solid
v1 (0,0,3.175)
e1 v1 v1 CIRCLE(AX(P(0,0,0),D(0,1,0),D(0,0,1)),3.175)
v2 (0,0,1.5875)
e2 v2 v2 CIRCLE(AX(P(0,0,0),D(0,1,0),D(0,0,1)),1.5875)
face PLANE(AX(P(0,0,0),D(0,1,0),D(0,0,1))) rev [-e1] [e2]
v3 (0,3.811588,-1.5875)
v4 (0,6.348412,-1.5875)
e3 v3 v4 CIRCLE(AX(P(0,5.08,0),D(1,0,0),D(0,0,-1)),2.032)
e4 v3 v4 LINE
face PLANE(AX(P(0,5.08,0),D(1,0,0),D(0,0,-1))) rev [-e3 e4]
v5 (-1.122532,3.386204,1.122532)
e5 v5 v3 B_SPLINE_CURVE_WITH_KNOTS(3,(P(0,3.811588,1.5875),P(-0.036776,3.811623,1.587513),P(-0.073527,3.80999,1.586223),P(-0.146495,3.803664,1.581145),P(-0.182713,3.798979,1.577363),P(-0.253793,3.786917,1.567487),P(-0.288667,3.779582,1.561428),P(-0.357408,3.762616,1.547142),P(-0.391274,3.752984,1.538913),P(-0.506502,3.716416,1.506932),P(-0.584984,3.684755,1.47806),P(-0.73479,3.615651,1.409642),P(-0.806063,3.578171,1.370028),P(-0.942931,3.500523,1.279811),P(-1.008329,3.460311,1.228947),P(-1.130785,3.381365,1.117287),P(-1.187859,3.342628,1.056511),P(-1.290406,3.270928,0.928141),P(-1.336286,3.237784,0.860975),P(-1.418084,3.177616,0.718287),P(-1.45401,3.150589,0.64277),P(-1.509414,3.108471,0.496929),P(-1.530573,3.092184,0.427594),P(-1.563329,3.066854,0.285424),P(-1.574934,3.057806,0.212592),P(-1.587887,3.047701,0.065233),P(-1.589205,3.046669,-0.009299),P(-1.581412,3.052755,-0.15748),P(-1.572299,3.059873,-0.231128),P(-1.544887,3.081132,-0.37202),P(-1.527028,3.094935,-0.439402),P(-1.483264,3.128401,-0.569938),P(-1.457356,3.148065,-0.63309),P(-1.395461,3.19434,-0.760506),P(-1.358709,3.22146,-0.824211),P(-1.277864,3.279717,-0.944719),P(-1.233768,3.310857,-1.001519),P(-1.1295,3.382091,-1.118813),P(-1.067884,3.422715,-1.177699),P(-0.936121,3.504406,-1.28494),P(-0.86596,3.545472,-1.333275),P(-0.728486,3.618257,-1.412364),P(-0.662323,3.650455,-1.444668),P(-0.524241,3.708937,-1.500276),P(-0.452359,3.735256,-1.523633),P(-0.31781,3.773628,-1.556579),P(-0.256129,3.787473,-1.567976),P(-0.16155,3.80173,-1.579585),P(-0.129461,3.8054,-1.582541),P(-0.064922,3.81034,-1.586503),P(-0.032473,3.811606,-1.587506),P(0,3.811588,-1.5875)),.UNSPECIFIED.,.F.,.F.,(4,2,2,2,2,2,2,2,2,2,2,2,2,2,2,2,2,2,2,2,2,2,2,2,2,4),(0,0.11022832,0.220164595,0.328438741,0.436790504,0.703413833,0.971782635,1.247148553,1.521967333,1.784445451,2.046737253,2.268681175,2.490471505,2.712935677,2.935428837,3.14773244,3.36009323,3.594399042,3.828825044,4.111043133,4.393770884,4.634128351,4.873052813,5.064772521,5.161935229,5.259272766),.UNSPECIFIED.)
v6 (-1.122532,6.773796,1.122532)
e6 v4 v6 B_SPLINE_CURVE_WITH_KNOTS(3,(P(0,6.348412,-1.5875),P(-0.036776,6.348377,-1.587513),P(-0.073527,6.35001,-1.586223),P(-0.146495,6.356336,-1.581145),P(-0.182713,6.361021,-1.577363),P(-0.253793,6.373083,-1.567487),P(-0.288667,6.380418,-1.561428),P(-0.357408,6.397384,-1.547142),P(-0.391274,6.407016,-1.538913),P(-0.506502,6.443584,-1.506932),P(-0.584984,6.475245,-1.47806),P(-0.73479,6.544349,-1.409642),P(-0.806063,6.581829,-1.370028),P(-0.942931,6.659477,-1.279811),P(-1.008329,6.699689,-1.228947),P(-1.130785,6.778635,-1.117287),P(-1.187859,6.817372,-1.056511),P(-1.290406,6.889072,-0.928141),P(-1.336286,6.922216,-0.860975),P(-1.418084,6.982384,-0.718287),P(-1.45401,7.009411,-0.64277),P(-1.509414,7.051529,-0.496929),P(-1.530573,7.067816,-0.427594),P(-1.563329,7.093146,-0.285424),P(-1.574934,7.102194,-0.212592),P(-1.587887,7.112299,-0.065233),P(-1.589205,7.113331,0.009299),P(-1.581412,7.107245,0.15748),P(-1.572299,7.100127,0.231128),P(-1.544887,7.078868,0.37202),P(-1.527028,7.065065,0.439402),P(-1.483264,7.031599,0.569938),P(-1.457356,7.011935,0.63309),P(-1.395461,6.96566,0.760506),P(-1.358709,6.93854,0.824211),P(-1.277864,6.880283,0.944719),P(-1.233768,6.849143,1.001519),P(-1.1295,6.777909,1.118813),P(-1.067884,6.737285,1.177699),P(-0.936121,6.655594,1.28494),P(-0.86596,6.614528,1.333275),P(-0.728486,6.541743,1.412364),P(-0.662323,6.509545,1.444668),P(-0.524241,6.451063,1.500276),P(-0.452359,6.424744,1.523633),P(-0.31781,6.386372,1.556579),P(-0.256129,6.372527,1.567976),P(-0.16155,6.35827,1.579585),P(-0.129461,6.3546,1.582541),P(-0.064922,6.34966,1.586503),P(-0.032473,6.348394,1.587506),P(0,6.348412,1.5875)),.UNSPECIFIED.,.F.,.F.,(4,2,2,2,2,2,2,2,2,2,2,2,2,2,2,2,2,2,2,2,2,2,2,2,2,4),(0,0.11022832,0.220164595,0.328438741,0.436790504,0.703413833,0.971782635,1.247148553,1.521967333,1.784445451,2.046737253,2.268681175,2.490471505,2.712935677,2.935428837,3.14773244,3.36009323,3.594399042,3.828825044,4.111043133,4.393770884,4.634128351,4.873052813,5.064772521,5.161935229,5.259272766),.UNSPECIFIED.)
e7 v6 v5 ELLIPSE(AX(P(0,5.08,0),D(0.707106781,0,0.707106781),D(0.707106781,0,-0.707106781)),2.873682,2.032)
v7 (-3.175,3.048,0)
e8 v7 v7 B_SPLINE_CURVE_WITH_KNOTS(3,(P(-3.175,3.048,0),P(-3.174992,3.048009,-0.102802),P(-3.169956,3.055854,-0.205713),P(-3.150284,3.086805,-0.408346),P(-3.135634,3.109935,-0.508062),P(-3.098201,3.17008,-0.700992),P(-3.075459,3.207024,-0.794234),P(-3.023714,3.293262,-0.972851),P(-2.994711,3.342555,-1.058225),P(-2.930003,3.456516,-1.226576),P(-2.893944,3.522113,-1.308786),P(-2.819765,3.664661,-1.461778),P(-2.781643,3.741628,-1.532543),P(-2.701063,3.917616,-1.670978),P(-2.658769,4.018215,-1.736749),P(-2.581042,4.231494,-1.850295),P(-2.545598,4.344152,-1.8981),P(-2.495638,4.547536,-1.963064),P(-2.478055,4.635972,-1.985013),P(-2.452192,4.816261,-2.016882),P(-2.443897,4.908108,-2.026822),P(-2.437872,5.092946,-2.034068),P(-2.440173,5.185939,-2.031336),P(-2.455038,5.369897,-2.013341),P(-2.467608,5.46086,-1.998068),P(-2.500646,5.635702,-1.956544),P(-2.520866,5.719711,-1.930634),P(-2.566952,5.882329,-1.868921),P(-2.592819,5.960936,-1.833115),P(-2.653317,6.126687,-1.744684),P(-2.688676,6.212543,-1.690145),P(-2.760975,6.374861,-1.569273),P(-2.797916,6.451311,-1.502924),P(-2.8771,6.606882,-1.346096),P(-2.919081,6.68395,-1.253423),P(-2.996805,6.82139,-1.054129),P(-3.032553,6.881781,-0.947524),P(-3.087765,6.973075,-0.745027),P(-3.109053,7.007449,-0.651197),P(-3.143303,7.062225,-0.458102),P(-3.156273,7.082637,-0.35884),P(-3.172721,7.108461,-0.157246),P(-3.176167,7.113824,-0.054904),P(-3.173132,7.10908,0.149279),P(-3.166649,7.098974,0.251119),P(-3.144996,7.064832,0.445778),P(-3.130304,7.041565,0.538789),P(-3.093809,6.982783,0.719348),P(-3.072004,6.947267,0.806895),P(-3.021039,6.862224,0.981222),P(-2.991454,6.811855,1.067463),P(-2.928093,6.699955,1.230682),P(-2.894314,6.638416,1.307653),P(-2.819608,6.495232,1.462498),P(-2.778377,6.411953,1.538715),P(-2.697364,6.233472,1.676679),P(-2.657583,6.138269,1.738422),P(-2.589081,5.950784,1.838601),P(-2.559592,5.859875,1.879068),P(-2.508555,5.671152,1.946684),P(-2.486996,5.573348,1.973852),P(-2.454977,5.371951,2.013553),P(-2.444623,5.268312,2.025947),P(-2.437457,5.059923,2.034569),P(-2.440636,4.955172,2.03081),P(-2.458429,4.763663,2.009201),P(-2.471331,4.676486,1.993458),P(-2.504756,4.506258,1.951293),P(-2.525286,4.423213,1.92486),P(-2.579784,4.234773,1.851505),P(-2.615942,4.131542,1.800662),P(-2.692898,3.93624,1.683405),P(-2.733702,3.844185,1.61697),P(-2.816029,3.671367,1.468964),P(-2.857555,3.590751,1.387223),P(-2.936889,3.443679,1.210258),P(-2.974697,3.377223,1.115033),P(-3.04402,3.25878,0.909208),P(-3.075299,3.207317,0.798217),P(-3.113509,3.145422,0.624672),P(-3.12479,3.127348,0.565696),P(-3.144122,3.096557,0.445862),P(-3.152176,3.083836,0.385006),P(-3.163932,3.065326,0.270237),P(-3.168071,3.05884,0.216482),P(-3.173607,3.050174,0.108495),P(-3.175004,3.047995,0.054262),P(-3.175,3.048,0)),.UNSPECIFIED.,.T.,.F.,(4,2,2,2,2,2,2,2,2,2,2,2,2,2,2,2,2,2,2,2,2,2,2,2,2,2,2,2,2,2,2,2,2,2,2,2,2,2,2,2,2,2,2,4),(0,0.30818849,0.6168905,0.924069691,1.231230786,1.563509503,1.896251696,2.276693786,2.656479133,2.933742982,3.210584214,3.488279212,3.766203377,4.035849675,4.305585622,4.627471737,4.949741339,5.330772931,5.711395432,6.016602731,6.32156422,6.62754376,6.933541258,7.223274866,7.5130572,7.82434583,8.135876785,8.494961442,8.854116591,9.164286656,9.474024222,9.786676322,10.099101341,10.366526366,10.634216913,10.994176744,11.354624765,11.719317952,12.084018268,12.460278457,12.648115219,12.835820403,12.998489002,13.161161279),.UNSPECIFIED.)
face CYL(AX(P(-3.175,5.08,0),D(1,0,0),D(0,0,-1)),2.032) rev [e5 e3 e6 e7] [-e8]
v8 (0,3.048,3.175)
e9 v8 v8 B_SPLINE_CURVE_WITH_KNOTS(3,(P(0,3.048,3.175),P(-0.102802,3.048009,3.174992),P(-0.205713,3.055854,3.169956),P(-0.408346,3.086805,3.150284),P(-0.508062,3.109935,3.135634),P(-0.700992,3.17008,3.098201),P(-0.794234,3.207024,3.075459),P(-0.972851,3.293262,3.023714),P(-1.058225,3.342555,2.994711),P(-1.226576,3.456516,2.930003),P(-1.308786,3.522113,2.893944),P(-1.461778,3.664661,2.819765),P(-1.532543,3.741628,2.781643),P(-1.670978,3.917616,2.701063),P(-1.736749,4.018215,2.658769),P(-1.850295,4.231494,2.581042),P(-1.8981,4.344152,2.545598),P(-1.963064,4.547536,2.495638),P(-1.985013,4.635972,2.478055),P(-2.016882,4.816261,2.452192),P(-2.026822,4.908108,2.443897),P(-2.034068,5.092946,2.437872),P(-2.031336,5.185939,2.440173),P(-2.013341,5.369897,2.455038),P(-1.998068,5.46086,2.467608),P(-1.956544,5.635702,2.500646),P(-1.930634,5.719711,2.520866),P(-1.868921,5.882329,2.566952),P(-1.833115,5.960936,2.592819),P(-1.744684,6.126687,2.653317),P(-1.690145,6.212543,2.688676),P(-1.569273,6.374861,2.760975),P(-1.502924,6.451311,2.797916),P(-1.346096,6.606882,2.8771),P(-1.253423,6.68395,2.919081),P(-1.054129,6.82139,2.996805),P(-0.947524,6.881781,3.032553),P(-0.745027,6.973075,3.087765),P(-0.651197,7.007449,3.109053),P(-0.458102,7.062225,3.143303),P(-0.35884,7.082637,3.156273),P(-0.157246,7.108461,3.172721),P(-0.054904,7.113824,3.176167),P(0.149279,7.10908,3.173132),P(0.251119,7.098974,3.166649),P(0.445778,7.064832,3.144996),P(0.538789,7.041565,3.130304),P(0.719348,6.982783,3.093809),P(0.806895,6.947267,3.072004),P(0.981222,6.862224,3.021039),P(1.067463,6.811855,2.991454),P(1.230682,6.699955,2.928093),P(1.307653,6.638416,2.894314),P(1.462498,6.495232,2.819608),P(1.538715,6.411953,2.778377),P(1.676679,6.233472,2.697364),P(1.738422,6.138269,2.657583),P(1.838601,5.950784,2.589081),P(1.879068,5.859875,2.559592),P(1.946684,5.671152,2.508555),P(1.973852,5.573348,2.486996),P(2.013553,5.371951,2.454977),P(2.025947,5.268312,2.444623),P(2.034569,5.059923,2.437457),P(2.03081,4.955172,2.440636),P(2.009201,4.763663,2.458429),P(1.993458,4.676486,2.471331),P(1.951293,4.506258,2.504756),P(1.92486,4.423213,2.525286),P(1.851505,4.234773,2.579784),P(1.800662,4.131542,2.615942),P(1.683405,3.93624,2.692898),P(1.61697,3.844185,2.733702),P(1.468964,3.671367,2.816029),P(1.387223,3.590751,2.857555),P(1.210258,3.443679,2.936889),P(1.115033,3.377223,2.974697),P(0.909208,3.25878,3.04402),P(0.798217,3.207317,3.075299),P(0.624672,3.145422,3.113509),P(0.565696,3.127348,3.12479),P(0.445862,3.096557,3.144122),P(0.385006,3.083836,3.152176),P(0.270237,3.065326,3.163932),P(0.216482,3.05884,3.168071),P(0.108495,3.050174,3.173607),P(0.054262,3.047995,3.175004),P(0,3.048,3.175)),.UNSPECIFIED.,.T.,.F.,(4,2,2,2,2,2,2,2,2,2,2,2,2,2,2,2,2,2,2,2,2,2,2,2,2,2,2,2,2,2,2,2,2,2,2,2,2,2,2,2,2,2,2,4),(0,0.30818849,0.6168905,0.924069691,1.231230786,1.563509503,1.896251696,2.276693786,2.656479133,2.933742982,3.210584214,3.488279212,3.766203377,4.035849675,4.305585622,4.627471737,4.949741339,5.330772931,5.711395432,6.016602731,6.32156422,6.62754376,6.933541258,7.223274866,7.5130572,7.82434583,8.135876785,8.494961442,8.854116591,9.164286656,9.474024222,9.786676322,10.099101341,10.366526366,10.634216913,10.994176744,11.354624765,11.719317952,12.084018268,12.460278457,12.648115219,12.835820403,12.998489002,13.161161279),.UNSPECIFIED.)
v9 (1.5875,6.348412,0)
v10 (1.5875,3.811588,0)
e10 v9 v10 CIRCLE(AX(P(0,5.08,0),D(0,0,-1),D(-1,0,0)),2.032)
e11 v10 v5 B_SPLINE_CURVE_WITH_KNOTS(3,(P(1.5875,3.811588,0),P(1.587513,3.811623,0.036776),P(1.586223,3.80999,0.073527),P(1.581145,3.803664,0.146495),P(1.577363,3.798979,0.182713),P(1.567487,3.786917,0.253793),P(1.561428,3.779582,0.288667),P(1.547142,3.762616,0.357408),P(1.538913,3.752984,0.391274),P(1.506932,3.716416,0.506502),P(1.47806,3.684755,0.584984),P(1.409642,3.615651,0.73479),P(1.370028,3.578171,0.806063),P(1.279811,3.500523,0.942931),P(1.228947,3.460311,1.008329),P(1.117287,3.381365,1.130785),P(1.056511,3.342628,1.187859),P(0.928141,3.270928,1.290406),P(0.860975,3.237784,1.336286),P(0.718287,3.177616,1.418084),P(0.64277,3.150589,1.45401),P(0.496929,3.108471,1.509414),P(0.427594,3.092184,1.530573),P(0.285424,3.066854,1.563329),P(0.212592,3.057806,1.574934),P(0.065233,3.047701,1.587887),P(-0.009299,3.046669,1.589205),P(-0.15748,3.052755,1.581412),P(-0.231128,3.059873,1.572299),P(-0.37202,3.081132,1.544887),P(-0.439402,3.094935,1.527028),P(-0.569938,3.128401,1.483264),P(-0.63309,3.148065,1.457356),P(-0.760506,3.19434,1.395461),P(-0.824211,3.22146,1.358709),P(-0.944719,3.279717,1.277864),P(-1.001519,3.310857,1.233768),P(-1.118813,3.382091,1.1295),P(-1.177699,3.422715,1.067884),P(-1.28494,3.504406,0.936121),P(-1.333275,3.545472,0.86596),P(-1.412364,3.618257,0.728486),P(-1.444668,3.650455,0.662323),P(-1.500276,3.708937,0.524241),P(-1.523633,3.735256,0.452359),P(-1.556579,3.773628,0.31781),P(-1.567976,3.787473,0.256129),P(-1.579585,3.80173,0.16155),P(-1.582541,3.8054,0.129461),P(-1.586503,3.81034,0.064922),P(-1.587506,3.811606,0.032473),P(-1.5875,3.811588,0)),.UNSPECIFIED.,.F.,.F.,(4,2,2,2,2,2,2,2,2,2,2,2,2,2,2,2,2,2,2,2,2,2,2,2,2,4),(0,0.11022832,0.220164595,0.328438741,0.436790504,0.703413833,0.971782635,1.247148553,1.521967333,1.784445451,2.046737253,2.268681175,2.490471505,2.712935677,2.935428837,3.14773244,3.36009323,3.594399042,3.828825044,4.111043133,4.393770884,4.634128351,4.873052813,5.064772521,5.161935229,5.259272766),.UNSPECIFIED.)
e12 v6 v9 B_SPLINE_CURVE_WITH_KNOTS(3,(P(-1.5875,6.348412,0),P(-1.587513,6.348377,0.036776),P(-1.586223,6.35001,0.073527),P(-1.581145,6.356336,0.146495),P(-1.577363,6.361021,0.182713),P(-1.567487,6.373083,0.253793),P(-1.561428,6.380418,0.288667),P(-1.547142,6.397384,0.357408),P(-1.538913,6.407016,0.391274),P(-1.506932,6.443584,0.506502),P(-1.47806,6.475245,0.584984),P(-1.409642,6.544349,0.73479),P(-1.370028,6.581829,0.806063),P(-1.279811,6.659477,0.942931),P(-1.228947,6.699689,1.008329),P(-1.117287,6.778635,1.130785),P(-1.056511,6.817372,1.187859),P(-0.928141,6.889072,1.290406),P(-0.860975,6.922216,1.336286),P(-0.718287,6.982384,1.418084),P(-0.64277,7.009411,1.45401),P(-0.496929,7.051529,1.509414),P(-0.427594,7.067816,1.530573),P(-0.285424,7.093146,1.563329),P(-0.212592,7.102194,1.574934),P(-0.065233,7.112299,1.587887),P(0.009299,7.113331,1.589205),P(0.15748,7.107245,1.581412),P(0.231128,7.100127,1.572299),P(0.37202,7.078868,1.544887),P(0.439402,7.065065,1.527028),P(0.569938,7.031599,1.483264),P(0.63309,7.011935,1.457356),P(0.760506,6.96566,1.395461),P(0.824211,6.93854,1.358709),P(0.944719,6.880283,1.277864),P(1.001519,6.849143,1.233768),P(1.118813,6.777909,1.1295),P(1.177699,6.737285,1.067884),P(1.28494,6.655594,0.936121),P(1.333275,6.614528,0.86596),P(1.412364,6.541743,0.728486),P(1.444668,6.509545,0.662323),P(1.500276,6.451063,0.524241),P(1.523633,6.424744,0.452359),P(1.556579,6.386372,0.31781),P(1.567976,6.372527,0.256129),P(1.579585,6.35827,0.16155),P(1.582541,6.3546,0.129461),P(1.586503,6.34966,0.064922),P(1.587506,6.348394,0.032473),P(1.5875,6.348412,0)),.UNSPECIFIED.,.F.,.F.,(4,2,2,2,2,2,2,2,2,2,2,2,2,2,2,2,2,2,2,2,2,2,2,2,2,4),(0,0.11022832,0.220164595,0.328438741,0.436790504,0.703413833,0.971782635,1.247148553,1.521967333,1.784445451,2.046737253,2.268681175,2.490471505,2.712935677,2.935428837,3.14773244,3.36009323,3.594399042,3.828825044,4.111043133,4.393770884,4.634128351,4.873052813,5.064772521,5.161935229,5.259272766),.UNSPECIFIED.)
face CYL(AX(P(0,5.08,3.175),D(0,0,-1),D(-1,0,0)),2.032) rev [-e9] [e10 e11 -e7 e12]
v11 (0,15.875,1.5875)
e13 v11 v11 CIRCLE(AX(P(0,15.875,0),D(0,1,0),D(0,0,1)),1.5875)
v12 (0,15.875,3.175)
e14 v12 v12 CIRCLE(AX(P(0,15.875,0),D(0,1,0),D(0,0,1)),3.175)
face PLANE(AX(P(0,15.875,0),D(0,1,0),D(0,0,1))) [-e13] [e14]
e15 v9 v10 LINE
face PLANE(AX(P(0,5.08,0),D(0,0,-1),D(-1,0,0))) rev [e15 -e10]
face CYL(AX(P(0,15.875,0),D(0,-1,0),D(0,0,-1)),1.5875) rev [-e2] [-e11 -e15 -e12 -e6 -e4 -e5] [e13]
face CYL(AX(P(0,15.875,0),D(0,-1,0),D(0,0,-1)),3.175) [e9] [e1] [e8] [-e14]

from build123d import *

# Parameters (mm, degrees)
SKETCH1_R           = 3.175
SKETCH1_R_2         = 1.5875
BOSS_EXTRUDE1_DEPTH = 15.875
SKETCH2_R           = 2.032
CUT_EXTRUDE1_DEPTH  = 17.497783942
CIRPATTERN1_COUNT   = 2
CIRPATTERN1_ANGLE   = 90


with BuildPart() as part:
    # Sketch1 → Boss-Extrude1 (new body)
    with BuildSketch(Plane(origin=(0, 0, 0), x_dir=(1, 0, 0), z_dir=(0, 1, 0))):
        with Locations(Location((0, 0, 0), (0, 0, 270))):
            Circle(SKETCH1_R)
        with Locations(Location((0, 0, 0), (0, 0, 270))):
            Circle(SKETCH1_R_2, mode=Mode.SUBTRACT)
    extrude(amount=BOSS_EXTRUDE1_DEPTH)

    # Sketch2 → Cut-Extrude1 (cut, through all)
    with BuildSketch(Plane(origin=(0, 0, 0), x_dir=(0, 0, -1), z_dir=(1, 0, 0))):
        with Locations(Location((0, 5.08, 0), (0, 0, 38.624832873))):
            Circle(SKETCH2_R)
    cut_extrude1 = extrude(amount=-CUT_EXTRUDE1_DEPTH, mode=Mode.SUBTRACT)

    # CirPattern1: Cut-Extrude1 ×2 about axis
    cirpattern1_axis = Axis((0, 0, 0), (0, 1, 0))
    for i in range(1, CIRPATTERN1_COUNT):
        add(cut_extrude1.rotate(cirpattern1_axis, i * CIRPATTERN1_ANGLE / (CIRPATTERN1_COUNT - 1)), mode=Mode.SUBTRACT)


solid = part.part
